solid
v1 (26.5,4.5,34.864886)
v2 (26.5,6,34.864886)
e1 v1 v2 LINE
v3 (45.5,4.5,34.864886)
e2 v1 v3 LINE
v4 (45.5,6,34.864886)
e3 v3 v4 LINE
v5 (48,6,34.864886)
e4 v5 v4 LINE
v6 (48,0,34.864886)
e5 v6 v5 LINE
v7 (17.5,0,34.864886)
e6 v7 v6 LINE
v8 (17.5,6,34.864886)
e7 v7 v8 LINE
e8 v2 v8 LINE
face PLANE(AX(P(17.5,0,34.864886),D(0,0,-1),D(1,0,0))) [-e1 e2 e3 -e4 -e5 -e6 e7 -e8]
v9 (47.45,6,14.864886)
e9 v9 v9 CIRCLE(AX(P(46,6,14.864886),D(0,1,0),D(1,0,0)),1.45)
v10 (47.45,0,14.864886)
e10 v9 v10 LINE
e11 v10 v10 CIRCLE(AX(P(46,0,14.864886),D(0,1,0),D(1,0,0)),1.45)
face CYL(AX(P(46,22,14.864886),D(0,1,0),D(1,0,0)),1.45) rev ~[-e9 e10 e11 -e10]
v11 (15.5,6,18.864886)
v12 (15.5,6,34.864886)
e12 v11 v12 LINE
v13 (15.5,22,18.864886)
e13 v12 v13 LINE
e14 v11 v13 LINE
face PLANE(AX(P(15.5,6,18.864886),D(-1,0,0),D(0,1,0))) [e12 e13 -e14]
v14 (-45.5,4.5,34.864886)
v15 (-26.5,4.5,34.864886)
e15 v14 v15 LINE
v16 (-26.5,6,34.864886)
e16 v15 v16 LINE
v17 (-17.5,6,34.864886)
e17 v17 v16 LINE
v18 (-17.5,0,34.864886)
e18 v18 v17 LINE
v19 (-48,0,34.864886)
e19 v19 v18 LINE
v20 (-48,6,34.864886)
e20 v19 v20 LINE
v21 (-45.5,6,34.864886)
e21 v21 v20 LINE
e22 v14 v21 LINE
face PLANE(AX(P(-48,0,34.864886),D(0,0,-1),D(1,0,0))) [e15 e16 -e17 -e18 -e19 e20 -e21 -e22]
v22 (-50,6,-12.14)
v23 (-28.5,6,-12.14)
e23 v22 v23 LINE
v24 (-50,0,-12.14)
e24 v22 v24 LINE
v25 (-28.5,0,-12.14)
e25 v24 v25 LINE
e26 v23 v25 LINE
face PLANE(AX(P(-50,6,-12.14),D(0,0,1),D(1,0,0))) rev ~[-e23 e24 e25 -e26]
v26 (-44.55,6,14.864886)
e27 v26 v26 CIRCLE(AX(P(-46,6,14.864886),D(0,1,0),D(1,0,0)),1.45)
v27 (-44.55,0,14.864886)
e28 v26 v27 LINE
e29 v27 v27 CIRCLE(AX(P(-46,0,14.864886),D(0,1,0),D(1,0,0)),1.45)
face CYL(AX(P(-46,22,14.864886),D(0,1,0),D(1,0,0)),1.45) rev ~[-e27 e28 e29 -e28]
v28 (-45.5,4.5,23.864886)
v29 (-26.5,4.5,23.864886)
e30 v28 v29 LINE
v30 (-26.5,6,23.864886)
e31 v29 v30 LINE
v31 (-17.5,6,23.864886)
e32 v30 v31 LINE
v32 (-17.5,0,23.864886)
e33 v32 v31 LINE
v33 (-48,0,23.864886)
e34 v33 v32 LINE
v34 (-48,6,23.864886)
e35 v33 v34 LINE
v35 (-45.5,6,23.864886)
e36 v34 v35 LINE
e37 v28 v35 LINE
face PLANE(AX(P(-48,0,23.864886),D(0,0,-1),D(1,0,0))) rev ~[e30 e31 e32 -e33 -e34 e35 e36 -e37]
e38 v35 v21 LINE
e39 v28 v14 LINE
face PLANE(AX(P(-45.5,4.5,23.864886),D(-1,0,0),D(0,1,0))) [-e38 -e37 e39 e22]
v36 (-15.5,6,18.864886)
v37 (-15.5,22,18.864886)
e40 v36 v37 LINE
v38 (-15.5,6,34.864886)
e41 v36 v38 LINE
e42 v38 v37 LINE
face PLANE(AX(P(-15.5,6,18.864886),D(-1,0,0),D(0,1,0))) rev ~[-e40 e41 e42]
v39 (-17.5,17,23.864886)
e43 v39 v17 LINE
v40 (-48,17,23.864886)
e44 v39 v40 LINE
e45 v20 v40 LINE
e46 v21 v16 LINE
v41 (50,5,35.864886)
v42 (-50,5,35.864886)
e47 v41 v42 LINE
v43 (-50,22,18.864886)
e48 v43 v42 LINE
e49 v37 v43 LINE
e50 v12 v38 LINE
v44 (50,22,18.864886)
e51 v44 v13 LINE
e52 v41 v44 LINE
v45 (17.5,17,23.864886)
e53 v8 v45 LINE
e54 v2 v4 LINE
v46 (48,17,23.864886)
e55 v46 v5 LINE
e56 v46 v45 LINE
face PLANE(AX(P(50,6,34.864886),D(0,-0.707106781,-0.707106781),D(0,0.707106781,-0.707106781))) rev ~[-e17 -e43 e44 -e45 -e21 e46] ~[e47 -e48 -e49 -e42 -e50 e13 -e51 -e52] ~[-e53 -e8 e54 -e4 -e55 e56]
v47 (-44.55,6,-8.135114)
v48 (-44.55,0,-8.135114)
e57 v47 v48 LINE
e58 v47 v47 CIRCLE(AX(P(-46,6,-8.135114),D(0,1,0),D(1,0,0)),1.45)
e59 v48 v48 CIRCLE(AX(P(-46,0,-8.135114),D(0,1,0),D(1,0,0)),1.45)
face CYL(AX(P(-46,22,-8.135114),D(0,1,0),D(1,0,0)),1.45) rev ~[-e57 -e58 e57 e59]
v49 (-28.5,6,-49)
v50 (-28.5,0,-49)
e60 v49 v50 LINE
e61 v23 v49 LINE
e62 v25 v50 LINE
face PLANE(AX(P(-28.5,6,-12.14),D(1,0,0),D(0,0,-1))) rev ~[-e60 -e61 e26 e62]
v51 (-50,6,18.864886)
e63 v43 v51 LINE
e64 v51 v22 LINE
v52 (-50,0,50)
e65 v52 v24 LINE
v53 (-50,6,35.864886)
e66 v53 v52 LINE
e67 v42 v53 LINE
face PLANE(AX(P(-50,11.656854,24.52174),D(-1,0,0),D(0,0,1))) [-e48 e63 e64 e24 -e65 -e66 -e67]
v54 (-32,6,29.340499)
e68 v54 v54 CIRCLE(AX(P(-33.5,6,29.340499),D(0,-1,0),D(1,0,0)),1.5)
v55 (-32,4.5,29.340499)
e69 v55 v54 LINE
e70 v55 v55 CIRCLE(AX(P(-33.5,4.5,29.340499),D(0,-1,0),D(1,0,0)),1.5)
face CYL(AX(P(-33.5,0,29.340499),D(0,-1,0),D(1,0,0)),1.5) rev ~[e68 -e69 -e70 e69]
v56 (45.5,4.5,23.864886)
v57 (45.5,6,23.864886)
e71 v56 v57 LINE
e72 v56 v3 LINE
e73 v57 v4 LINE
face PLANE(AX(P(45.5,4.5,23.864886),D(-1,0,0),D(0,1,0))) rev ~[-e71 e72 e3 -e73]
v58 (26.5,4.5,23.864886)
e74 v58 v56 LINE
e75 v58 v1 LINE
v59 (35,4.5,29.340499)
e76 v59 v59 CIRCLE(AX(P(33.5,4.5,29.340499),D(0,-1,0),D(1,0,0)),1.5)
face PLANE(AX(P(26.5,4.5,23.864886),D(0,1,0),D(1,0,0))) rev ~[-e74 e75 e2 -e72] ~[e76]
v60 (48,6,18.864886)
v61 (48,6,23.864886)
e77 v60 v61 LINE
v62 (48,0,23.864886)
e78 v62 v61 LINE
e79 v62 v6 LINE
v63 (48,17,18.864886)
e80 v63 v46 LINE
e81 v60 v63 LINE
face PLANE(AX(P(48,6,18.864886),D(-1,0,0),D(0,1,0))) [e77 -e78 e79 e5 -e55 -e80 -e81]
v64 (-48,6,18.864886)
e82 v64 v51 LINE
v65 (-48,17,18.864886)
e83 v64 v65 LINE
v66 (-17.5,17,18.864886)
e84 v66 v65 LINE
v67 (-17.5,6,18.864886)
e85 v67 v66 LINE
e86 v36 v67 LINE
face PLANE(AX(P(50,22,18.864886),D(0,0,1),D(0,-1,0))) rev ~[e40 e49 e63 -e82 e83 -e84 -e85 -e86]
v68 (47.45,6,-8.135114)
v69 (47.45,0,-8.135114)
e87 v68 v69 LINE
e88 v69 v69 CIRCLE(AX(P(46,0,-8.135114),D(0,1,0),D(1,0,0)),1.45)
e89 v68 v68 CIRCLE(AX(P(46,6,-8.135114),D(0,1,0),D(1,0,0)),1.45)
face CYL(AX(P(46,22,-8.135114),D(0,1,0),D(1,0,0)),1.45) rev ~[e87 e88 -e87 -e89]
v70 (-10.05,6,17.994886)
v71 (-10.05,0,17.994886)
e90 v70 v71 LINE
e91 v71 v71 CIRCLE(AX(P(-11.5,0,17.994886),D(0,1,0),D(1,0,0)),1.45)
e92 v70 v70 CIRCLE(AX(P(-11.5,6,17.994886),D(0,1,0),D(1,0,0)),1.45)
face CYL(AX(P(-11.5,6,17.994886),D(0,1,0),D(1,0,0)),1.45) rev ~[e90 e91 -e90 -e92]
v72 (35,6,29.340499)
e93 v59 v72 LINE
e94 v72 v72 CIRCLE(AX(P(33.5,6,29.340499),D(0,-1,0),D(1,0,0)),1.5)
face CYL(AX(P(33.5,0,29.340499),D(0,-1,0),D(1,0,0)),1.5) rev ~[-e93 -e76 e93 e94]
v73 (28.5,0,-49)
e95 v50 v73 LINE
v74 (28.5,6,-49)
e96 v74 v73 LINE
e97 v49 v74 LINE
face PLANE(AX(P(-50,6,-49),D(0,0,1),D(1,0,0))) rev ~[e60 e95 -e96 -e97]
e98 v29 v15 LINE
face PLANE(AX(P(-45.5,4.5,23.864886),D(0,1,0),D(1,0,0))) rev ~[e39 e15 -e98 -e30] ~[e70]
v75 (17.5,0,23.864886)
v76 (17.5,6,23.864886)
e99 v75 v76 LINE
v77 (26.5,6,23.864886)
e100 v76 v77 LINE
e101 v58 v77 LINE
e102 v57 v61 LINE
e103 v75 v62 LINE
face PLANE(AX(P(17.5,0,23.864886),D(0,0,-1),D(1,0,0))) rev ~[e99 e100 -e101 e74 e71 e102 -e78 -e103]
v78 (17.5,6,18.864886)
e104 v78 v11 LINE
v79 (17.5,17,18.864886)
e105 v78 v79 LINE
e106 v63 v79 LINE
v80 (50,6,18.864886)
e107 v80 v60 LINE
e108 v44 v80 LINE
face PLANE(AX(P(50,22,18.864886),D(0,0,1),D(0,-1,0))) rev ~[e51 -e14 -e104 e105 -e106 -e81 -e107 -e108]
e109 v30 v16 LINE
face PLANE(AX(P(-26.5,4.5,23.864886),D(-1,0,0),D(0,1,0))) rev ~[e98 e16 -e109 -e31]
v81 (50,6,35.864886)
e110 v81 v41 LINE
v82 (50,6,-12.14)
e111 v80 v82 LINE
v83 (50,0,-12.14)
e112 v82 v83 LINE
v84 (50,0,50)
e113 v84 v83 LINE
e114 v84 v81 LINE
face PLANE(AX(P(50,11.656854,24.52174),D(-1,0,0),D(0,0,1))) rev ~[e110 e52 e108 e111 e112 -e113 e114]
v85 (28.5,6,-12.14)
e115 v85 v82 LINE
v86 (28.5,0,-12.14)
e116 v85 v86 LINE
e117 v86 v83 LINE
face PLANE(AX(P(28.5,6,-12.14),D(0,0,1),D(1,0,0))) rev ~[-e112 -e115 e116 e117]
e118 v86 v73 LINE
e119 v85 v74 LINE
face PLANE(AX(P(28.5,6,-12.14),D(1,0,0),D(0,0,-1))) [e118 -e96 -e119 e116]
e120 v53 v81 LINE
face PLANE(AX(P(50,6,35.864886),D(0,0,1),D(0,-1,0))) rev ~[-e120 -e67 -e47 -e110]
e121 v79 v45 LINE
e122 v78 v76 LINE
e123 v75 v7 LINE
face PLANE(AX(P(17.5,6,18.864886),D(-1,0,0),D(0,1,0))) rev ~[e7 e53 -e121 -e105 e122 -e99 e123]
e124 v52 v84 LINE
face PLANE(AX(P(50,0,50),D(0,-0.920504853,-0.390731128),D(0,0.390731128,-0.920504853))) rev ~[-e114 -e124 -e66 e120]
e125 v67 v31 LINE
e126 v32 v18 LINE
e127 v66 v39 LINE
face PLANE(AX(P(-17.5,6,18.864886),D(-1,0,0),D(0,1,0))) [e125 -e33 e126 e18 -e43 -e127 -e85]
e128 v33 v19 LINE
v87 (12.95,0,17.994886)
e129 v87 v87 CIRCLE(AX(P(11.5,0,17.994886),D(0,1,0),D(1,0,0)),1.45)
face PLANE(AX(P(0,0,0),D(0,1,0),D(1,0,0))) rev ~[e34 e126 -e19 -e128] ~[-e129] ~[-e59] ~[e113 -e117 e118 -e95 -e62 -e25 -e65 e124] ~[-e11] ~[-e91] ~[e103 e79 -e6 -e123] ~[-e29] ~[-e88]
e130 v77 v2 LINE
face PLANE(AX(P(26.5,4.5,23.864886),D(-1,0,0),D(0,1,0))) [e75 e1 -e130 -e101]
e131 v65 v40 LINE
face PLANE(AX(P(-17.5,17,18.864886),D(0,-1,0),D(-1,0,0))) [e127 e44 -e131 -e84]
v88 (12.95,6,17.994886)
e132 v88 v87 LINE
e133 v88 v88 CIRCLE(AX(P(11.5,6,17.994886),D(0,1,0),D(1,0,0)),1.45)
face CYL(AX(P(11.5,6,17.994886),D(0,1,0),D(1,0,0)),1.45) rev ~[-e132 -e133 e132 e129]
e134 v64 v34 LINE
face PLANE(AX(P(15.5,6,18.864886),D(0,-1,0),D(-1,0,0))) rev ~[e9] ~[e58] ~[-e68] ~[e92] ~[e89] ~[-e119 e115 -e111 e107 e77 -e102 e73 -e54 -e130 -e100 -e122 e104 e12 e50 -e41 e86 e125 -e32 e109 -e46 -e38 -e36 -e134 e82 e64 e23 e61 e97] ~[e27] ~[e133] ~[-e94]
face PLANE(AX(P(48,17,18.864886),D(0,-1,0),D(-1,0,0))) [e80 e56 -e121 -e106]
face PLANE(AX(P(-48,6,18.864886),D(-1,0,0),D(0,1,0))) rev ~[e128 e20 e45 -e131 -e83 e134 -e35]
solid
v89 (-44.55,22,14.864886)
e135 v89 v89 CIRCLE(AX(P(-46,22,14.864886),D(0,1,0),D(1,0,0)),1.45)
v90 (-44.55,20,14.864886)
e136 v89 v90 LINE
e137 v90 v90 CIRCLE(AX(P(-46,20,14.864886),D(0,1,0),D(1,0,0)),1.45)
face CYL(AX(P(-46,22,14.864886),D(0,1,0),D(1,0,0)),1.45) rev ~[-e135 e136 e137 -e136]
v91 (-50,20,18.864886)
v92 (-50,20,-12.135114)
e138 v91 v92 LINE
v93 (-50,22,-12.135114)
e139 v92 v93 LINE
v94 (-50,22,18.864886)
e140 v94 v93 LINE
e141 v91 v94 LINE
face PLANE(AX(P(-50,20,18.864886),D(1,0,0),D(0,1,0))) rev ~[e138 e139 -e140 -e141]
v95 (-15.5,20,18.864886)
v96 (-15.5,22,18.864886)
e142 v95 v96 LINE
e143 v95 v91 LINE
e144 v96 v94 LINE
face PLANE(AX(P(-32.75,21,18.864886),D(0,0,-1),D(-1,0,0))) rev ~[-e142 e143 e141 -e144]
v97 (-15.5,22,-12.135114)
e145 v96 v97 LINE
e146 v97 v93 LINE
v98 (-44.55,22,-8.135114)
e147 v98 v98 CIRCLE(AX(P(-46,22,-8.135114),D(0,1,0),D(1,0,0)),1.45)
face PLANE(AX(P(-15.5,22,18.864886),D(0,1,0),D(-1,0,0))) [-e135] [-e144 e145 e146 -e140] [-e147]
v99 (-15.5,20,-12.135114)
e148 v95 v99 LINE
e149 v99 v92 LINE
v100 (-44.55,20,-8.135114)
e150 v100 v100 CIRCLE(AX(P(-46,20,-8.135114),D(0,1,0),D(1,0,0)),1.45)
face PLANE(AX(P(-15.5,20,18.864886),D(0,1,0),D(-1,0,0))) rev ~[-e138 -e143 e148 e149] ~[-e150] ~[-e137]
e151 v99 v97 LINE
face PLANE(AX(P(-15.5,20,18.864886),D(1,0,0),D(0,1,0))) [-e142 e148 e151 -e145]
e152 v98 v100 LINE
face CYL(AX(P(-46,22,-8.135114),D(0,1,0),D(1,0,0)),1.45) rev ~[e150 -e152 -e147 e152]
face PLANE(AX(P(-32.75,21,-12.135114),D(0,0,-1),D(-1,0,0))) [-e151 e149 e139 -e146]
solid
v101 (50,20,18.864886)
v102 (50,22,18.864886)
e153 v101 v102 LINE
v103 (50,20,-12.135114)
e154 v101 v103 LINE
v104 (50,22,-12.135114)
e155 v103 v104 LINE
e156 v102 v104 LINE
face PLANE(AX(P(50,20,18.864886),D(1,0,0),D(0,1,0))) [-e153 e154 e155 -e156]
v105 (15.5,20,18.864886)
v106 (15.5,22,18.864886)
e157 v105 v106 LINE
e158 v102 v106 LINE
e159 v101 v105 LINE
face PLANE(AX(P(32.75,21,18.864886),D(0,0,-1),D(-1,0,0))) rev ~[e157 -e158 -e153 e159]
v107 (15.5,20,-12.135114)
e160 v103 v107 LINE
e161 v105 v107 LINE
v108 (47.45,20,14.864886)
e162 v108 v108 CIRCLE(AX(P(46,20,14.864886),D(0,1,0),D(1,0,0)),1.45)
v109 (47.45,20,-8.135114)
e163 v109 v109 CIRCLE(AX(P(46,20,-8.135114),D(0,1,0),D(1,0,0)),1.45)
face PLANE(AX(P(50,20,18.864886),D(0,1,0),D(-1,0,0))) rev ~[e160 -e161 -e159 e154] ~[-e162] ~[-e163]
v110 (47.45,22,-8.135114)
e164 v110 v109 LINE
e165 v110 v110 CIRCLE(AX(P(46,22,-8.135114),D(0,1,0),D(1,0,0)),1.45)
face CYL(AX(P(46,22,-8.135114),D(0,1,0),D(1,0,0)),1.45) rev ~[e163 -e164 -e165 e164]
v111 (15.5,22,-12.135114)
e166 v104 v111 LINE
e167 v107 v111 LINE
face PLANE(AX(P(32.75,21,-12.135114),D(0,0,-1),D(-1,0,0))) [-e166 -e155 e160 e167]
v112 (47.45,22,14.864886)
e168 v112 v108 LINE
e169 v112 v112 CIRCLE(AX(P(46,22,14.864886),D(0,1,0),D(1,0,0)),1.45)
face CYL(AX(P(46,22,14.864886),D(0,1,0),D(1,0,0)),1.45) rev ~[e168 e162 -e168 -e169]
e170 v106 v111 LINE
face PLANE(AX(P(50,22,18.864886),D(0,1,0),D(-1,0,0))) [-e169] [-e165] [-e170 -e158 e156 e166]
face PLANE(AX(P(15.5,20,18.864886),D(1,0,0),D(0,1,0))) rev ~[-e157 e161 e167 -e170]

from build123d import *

# Parameters (mm, degrees)
SKETCH1_W             = 100
SKETCH1_H             = 100
BOSS_EXTRUDE1_DEPTH   = 6
CUT_EXTRUDE1_DEPTH    = 101
CUT_EXTRUDE3_DEPTH    = 101
SKETCH4_W             = 100
SKETCH4_H             = 1
CUT_EXTRUDE4_DEPTH    = 7
BOSS_EXTRUDE2_DEPTH   = 100
SKETCH8_W             = 34.5
SKETCH8_H             = 2
BOSS_EXTRUDE3_DEPTH   = 31
BOSS_EXTRUDE3_2_DEPTH = 31
SKETCH15_W            = 21.5
SKETCH15_H            = 36.86
CUT_EXTRUDE7_DEPTH    = 7
SKETCH18_W            = 31
SKETCH18_H            = 16
CUT_EXTRUDE8_DEPTH    = 48
SKETCH19_R            = 1.45
CUT_EXTRUDE9_DEPTH    = 23
SKETCH20_R            = 1.45
CUT_EXTRUDE10_DEPTH   = 7
SKETCH23_W            = 30.5
SKETCH23_H            = 11
CUT_EXTRUDE11_DEPTH   = 32.135114195
SKETCH27_W            = 30.5
SKETCH27_H            = 11
CUT_EXTRUDE14_DEPTH   = 10
SKETCH32_W            = 19
SKETCH32_H            = 1.5
BOSS_EXTRUDE6_DEPTH   = 11
SKETCH33_R            = 1.5
CUT_EXTRUDE15_DEPTH   = 6


with BuildPart() as part:
    # Sketch1 → Boss-Extrude1 (new body)
    with BuildSketch(Plane(origin=(0, 0, 0), x_dir=(1, 0, 0), z_dir=(0, 1, 0))):
        Rectangle(SKETCH1_W, SKETCH1_H)
    extrude(amount=BOSS_EXTRUDE1_DEPTH)

    # Sketch2 → Cut-Extrude1 (cut, through all)
    with BuildSketch(Plane(origin=(50, 0, 0), x_dir=(0, 0, -1), z_dir=(1, 0, 0))):
        Polygon((-50, 0), (-35.864885805, 6), (-50, 6), align=None)
    extrude(amount=-CUT_EXTRUDE1_DEPTH, mode=Mode.SUBTRACT)

    # Sketch3 → Cut-Extrude3 (cut, through all)
    with BuildSketch(Plane(origin=(50, 0, 0), x_dir=(0, 0, -1), z_dir=(1, 0, 0))):
        Polygon((-35.864885805, 6), (-35.864885805, 5), (-34.864885805, 6), align=None)
    extrude(amount=-CUT_EXTRUDE3_DEPTH, mode=Mode.SUBTRACT)

    # Sketch4 → Cut-Extrude4 (cut, through all)
    with BuildSketch(Plane(origin=(0, 6, 0), x_dir=(1, 0, 0), z_dir=(0, 1, 0))):
        with Locations((0, 49.5)):
            Rectangle(SKETCH4_W, SKETCH4_H)
    extrude(amount=-CUT_EXTRUDE4_DEPTH, mode=Mode.SUBTRACT)

    # Sketch6 → Boss-Extrude2 (add, through all)
    with BuildSketch(Plane(origin=(50, 0, 0), x_dir=(0, 0, -1), z_dir=(1, 0, 0))):
        Polygon((-34.864885805, 6), (-18.864885805, 22), (-18.864885805, 6), align=None)
    extrude(amount=-BOSS_EXTRUDE2_DEPTH)

    # Sketch15 → Cut-Extrude7 (cut, through all)
    with BuildSketch(Plane(origin=(0, 6, 0), x_dir=(1, 0, 0), z_dir=(0, 1, 0))):
        with Locations((-39.25, 30.57)):
            Rectangle(SKETCH15_W, SKETCH15_H)
        with Locations((39.25, 30.57)):
            Rectangle(SKETCH15_W, SKETCH15_H)
    extrude(amount=-CUT_EXTRUDE7_DEPTH, mode=Mode.SUBTRACT)

    # Sketch18 → Cut-Extrude8 (cut)
    with BuildSketch(Plane(origin=(0, 0, 18.864885805), x_dir=(-1, 0, 0), z_dir=(0, 0, -1))):
        with Locations((0, 14)):
            Rectangle(SKETCH18_W, SKETCH18_H)
    extrude(amount=-CUT_EXTRUDE8_DEPTH, mode=Mode.SUBTRACT)


with BuildPart() as body_2:
    # Sketch8 → Boss-Extrude3 (new body)
    with BuildSketch(Plane(origin=(0, 0, 18.864885805), x_dir=(-1, 0, 0), z_dir=(0, 0, -1))):
        with Locations((-32.75, 21)):
            Rectangle(SKETCH8_W, SKETCH8_H)
    extrude(amount=BOSS_EXTRUDE3_DEPTH)


with BuildPart() as body_3:
    # Sketch8 → Boss-Extrude3 2 (new body)
    with BuildSketch(Plane(origin=(0, 0, 18.864885805), x_dir=(-1, 0, 0), z_dir=(0, 0, -1))):
        with Locations((32.75, 21)):
            Rectangle(SKETCH8_W, SKETCH8_H)
    extrude(amount=BOSS_EXTRUDE3_2_DEPTH)


with BuildPart() as cut_extrude9_tool:
    # Sketch19 → Cut-Extrude9 (new body, through all)
    with BuildSketch(Plane(origin=(0, 22, 0), x_dir=(1, 0, 0), z_dir=(0, 1, 0))):
        with Locations((-46, -14.864885805)):
            Circle(SKETCH19_R)
        with Locations((-46, 8.135114195)):
            Circle(SKETCH19_R)
        with Locations((46, 8.135114195)):
            Circle(SKETCH19_R)
        with Locations((46, -14.864885805)):
            Circle(SKETCH19_R)
    extrude(amount=-CUT_EXTRUDE9_DEPTH)


with BuildPart() as part_1:
    add(part.part)

    # Cut-Extrude9: cut by cut_extrude9_tool
    add(cut_extrude9_tool.part, mode=Mode.SUBTRACT)

    # Sketch20 → Cut-Extrude10 (cut, through all)
    with BuildSketch(Plane(origin=(0, 6, 0), x_dir=(1, 0, 0), z_dir=(0, 1, 0))):
        with Locations((-11.5, -17.994885805)):
            Circle(SKETCH20_R)
        with Locations((11.5, -17.994885805)):
            Circle(SKETCH20_R)
    extrude(amount=-CUT_EXTRUDE10_DEPTH, mode=Mode.SUBTRACT)

    # Sketch23 → Cut-Extrude11 (cut, through all)
    with BuildSketch(Plane(origin=(0, 0, 18.864885805), x_dir=(-1, 0, 0), z_dir=(0, 0, -1))):
        with Locations((-32.75, 11.5)):
            Rectangle(SKETCH23_W, SKETCH23_H)
        with Locations((32.75, 11.5)):
            Rectangle(SKETCH23_W, SKETCH23_H)
    extrude(amount=-CUT_EXTRUDE11_DEPTH, mode=Mode.SUBTRACT)

    # Sketch27 → Cut-Extrude14 (cut)
    with BuildSketch(Plane.XZ):
        with Locations((-32.75, 29.364885805)):
            Rectangle(SKETCH27_W, SKETCH27_H)
        with Locations((32.75, 29.364885805)):
            Rectangle(SKETCH27_W, SKETCH27_H)
    extrude(amount=-CUT_EXTRUDE14_DEPTH, mode=Mode.SUBTRACT)

    # Sketch32 → Boss-Extrude6 (add)
    with BuildSketch(Plane.XY.offset(23.864885805)):
        with Locations((-36, 5.25)):
            Rectangle(SKETCH32_W, SKETCH32_H)
        with Locations((36, 5.25)):
            Rectangle(SKETCH32_W, SKETCH32_H)
    extrude(amount=BOSS_EXTRUDE6_DEPTH)

    # Sketch33 → Cut-Extrude15 (cut)
    with BuildSketch(Plane.XZ):
        with Locations((-33.5, 29.340498756)):
            Circle(SKETCH33_R)
        with Locations((33.5, 29.340498756)):
            Circle(SKETCH33_R)
    extrude(amount=-CUT_EXTRUDE15_DEPTH, mode=Mode.SUBTRACT)


with BuildPart() as body_2_1:
    add(body_2.part)

    # Cut-Extrude9: cut by cut_extrude9_tool
    add(cut_extrude9_tool.part, mode=Mode.SUBTRACT)


with BuildPart() as body_3_1:
    add(body_3.part)

    # Cut-Extrude9: cut by cut_extrude9_tool
    add(cut_extrude9_tool.part, mode=Mode.SUBTRACT)


solid = Compound([part_1.part, body_2_1.part, body_3_1.part])
